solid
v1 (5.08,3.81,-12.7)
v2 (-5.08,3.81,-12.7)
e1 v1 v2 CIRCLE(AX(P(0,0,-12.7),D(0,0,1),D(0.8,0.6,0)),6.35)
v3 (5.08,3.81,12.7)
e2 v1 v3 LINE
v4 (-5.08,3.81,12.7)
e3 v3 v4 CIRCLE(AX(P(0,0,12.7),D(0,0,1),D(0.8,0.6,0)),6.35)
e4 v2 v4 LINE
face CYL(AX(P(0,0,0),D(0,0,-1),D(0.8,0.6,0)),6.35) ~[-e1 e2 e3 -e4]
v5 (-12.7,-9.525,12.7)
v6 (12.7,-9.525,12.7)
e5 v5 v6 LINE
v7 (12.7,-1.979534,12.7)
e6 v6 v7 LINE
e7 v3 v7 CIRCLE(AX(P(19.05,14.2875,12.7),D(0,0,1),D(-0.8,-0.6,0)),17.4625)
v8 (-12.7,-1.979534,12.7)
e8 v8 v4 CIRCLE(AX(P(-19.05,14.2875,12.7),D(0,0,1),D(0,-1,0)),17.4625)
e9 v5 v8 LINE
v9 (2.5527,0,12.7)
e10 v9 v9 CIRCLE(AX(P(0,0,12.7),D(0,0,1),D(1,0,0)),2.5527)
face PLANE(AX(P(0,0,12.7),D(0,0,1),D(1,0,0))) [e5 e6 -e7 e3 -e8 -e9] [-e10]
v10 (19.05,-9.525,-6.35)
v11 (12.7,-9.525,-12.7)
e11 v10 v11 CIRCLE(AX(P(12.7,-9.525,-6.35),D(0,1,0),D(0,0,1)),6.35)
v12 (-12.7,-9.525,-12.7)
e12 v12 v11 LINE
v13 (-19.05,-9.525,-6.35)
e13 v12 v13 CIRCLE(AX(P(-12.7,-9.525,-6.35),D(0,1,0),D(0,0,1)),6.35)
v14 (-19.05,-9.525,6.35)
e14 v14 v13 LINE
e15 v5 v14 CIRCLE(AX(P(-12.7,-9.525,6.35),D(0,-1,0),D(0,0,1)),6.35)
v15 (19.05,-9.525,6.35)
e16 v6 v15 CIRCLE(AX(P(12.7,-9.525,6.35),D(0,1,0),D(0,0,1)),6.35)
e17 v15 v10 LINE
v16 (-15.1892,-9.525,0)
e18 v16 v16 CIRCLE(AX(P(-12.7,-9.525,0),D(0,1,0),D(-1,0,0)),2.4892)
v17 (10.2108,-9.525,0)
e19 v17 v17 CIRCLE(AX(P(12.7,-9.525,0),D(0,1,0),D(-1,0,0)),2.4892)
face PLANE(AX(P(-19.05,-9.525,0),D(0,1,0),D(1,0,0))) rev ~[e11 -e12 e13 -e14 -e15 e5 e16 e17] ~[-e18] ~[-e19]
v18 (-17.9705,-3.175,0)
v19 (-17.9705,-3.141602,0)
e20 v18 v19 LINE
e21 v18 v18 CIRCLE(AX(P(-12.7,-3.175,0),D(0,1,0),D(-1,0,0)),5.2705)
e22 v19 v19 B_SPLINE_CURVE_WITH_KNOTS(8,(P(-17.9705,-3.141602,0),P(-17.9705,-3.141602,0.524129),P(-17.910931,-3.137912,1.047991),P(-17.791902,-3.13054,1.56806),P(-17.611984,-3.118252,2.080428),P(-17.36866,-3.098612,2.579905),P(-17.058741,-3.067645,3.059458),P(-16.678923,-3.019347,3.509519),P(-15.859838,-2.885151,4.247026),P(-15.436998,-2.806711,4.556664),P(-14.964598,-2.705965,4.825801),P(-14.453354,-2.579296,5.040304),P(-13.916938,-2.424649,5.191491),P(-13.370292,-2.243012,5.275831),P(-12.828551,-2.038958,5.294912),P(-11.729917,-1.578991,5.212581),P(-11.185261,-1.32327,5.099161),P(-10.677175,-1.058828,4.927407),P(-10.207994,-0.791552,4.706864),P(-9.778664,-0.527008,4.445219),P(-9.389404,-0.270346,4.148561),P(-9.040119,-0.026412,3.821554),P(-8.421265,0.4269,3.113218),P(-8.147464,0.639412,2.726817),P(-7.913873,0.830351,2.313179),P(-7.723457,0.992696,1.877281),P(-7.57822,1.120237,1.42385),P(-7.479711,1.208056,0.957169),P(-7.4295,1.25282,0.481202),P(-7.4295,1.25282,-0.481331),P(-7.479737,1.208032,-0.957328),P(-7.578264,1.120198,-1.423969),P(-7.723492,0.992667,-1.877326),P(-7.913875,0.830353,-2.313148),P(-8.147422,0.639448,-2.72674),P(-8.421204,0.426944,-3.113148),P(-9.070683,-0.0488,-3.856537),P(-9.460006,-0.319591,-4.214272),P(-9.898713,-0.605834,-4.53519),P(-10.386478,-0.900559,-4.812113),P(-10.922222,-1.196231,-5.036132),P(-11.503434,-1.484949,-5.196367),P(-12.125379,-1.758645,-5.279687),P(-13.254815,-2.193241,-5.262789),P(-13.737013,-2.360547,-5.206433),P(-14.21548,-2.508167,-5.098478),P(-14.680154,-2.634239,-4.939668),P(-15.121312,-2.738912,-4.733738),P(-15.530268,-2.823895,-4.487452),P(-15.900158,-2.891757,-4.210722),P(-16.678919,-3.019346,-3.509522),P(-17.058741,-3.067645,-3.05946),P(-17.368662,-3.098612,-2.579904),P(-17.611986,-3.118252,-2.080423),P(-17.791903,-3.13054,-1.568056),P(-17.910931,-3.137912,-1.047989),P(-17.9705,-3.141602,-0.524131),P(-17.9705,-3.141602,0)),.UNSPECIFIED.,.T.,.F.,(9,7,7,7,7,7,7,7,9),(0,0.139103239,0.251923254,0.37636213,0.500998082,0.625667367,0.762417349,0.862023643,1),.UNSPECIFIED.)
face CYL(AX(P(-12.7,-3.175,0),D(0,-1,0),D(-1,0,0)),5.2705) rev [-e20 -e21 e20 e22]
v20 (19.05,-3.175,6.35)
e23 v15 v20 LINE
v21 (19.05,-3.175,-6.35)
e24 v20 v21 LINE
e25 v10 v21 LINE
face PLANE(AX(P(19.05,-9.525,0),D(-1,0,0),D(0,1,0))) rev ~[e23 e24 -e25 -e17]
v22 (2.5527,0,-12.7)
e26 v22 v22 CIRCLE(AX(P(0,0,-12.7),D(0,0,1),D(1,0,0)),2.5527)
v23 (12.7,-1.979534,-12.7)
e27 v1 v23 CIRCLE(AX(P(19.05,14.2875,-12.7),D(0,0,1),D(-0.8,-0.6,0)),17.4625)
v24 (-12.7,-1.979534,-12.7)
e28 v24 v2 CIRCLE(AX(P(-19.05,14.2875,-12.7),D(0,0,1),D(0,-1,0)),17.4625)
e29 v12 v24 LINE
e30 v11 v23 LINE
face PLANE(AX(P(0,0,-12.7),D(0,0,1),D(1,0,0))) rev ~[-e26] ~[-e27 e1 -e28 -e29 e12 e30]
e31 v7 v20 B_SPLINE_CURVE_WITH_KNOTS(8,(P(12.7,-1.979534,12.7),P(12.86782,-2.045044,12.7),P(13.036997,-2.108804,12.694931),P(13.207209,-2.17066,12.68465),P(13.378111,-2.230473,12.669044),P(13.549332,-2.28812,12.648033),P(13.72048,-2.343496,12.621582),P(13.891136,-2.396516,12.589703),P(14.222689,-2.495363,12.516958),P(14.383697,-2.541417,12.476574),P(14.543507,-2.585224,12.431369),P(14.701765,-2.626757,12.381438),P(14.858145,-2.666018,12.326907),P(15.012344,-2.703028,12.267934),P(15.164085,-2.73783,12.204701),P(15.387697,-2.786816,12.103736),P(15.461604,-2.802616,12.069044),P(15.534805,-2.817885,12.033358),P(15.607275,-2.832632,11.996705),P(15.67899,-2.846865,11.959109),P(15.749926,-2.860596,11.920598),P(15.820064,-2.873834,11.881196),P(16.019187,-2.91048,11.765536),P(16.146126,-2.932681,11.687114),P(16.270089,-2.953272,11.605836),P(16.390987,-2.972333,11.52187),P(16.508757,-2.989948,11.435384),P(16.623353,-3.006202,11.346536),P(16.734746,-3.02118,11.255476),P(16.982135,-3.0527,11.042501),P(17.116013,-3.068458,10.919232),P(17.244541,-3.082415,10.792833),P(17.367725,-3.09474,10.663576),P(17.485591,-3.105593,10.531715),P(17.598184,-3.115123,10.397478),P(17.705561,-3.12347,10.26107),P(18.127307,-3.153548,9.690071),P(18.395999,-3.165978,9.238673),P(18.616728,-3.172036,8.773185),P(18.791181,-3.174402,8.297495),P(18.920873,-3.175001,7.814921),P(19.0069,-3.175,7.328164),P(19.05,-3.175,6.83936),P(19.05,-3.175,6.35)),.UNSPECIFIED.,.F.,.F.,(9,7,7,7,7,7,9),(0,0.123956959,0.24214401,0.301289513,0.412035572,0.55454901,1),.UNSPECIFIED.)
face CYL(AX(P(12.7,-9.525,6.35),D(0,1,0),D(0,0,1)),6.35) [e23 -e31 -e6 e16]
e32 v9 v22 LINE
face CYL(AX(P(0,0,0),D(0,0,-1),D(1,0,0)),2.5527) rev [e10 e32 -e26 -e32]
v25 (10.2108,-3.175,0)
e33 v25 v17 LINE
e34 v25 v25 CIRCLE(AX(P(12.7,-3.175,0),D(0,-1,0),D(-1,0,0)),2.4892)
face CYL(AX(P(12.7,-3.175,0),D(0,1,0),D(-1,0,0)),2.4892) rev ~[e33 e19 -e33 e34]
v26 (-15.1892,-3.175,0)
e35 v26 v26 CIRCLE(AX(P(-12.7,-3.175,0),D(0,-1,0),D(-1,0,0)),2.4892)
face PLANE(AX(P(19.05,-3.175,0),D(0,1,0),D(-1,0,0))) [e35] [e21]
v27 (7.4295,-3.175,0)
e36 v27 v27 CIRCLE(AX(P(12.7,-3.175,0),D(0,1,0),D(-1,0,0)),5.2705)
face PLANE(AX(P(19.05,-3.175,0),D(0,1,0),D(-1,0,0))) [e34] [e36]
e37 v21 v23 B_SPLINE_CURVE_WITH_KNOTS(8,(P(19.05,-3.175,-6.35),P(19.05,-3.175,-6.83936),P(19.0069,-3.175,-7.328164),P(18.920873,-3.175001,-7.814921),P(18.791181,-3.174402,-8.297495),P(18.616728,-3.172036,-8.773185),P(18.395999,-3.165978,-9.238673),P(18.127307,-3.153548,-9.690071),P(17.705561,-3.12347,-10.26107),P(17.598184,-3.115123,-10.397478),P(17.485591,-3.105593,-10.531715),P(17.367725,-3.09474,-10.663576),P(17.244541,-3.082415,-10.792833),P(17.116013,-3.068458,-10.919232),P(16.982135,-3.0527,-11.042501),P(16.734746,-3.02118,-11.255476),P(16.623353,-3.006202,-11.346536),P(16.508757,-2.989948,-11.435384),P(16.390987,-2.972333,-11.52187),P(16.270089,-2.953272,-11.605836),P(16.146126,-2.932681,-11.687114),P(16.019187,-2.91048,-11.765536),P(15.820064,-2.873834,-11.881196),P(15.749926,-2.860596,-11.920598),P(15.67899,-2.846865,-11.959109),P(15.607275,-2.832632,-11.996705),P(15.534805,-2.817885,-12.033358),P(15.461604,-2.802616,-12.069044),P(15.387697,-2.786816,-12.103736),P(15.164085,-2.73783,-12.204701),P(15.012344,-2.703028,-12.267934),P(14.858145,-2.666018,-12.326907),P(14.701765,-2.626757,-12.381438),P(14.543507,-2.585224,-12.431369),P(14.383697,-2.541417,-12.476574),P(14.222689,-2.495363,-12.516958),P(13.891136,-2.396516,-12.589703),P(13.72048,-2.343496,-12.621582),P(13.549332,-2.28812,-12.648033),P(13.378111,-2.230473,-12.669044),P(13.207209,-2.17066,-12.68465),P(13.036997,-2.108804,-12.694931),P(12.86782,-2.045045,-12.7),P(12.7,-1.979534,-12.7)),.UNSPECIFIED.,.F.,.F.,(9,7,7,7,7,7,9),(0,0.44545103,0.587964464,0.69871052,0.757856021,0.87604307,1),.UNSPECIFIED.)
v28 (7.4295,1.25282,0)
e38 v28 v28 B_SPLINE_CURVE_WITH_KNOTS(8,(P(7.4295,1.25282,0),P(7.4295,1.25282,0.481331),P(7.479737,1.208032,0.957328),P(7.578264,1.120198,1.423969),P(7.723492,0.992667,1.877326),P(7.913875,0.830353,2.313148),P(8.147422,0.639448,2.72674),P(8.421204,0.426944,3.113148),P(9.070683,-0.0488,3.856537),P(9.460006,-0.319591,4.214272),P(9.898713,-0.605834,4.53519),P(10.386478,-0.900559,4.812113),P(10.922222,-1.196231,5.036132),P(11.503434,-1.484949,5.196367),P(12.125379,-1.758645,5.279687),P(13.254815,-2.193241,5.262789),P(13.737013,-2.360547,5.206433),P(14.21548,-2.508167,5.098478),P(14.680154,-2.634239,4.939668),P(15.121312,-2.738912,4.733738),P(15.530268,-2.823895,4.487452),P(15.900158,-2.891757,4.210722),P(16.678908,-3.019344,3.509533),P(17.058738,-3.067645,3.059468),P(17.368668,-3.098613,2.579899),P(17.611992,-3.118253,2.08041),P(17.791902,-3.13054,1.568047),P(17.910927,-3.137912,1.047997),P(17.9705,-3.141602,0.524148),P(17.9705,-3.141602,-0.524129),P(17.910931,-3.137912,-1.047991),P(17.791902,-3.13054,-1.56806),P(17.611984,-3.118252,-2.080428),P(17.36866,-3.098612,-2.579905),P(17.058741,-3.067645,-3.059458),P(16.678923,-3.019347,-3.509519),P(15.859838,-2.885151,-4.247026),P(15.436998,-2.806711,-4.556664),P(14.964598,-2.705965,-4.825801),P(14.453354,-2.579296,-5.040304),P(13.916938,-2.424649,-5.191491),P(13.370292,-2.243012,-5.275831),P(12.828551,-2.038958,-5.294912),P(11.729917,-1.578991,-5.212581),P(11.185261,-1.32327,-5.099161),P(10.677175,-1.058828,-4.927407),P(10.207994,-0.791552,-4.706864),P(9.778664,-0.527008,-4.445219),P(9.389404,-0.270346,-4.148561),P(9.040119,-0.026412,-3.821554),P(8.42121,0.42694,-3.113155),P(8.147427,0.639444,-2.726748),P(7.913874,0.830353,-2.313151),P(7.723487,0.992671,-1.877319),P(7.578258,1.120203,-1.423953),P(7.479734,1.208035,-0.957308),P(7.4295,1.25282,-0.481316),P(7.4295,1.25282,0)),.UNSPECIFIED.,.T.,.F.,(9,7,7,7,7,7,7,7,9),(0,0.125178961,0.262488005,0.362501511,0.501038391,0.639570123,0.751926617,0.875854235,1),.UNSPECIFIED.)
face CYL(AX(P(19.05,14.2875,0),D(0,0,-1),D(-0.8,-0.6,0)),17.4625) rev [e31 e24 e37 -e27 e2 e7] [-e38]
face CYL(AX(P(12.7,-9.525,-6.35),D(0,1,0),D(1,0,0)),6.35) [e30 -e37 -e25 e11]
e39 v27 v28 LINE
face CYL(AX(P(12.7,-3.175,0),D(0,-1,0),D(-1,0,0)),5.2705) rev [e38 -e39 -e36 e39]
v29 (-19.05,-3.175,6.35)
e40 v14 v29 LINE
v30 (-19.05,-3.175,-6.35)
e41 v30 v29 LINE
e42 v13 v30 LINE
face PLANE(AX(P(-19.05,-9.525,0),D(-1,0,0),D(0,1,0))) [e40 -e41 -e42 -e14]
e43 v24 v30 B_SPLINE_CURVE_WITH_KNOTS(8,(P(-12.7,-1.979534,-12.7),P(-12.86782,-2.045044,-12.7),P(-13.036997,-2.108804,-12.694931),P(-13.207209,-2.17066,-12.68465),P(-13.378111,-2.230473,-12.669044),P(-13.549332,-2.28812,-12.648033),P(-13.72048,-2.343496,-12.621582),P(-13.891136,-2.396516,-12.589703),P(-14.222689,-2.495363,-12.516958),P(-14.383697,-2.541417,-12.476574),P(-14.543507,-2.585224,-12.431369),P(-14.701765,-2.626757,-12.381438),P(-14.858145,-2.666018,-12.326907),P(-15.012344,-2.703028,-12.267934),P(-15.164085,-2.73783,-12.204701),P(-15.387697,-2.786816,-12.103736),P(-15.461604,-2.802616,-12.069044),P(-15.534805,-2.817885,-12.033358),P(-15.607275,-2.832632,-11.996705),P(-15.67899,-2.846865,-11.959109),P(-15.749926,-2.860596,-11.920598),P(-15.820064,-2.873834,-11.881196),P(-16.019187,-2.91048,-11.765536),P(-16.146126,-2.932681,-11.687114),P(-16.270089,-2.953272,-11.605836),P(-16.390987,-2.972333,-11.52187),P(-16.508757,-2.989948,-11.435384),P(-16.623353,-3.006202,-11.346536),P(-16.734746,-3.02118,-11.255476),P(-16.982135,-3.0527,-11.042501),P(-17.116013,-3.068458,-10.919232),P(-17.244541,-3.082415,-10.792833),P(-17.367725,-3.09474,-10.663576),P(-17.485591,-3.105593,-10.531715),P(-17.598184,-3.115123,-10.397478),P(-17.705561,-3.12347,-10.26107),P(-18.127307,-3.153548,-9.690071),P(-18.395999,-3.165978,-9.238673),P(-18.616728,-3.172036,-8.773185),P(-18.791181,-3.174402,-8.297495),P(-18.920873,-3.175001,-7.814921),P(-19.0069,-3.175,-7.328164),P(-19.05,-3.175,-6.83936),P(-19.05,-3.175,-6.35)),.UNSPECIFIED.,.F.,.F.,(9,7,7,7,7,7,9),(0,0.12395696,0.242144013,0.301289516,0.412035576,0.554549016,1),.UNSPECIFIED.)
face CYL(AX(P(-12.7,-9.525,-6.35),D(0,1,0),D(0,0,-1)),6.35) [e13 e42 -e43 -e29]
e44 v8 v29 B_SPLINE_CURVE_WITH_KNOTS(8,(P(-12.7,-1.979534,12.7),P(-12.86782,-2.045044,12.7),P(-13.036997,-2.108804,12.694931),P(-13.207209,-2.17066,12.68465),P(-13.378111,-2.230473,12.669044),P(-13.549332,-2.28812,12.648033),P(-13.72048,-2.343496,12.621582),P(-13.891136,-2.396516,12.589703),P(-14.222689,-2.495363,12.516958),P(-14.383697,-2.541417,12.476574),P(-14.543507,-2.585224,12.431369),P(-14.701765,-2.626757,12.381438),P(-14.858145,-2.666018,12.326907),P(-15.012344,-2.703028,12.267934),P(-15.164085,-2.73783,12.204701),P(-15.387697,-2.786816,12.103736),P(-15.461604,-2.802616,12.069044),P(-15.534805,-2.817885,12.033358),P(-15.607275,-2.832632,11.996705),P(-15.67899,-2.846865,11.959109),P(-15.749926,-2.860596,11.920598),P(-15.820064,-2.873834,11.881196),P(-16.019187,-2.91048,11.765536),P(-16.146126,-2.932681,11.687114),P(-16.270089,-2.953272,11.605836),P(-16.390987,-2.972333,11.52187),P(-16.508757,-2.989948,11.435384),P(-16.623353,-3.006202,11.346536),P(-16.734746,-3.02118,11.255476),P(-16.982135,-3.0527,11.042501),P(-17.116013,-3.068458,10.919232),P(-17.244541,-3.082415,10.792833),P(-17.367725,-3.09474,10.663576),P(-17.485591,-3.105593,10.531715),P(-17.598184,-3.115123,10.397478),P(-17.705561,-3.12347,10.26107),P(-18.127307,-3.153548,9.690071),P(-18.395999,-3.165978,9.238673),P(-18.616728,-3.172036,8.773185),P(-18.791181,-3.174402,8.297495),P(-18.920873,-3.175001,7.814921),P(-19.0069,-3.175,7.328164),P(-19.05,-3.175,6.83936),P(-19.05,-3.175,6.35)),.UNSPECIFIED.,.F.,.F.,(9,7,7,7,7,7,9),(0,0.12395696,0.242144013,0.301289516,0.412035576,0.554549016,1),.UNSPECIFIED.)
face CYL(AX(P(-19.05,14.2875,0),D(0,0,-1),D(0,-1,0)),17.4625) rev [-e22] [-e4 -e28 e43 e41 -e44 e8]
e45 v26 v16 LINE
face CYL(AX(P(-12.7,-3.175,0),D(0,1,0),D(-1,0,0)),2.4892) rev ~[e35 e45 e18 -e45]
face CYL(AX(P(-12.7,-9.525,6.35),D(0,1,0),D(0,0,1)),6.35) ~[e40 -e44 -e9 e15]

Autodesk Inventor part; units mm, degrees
ref_plane "YZ Plane" through (0, 0, 0) normal (1, 0, 0) x (0, 1, 0)
ref_plane "XZ Plane" through (0, 0, 0) normal (0, 1, 0) x (-1, 0, 0)
sketch "Sketch1" plane through (0, 0, 0) normal (0, 0, 1) x (1, 0, 0)
  circle A0 centre (0, 0) radius 9.525 construction
  circle A1 centre (0, 0) radius 2.5527
  arc A2 (5.08, 3.81) -> (-5.08, 3.81) centre (0, 0) ccw
  arc A3 (5.08, 3.81) -> (19.05, -3.175) centre (19.05, 14.2875) ccw
  arc A4 (-19.05, -3.175) -> (-5.08, 3.81) centre (-19.05, 14.2875) ccw
  line L0 (-19.05, -9.525) -> (19.05, -9.525)
  line L1 (19.05, -9.525) -> (19.05, -3.175)
  line L2 (-19.05, -9.525) -> (-19.05, -3.175)
  dimension "d0" = 19.05
  dimension "d1" = 5.1054
  dimension "d2" = 12.7
  dimension "d3" = 6.35
  dimension "d4" = 38.1
extrude "Extrusion1" add sketch "Sketch1" along normal mid plane 25.4
ref_plane "Work Plane1" through (19.05, -3.175, 0) normal (0, 1, 0) x (-1, 0, 0)
sketch "Sketch2" plane through (19.05, -3.175, 0) normal (0, 1, 0) x (-1, 0, 0)
  line L0 (38.1, -12.7) -> (38.1, 12.7) projected
  line L1 (38.1, 0) -> (0, 0)
  line L2 (0, -12.7) -> (0, 12.7) projected
  circle A0 centre (31.75, 0) radius 2.4892
  circle A1 centre (31.75, 0) radius 5.2705
  circle A2 centre (6.35, 0) radius 5.2705
  circle A3 centre (6.35, 0) radius 2.4892
  point P0 (19.05, 0)
  dimension "d7" = 4.9784
  dimension "d8" = 10.541
  dimension "d11" = 360
  dimension "d13" = 25.4
extrude "Extrusion2" cut sketch "Sketch2" against normal through all contours A0 L1 | L1 A0 | A3 L1 | L1 A3
extrude "Extrusion3" cut sketch "Sketch2" along normal blind 25.4
fillet "Fillet1" radius 6.35 4 edges at (-19.05, -6.35, 12.7) (-19.05, -6.35, -12.7) (19.05, -6.35, 12.7) (19.05, -6.35, -12.7)
properties part number "254 Billet Thrust Block"
